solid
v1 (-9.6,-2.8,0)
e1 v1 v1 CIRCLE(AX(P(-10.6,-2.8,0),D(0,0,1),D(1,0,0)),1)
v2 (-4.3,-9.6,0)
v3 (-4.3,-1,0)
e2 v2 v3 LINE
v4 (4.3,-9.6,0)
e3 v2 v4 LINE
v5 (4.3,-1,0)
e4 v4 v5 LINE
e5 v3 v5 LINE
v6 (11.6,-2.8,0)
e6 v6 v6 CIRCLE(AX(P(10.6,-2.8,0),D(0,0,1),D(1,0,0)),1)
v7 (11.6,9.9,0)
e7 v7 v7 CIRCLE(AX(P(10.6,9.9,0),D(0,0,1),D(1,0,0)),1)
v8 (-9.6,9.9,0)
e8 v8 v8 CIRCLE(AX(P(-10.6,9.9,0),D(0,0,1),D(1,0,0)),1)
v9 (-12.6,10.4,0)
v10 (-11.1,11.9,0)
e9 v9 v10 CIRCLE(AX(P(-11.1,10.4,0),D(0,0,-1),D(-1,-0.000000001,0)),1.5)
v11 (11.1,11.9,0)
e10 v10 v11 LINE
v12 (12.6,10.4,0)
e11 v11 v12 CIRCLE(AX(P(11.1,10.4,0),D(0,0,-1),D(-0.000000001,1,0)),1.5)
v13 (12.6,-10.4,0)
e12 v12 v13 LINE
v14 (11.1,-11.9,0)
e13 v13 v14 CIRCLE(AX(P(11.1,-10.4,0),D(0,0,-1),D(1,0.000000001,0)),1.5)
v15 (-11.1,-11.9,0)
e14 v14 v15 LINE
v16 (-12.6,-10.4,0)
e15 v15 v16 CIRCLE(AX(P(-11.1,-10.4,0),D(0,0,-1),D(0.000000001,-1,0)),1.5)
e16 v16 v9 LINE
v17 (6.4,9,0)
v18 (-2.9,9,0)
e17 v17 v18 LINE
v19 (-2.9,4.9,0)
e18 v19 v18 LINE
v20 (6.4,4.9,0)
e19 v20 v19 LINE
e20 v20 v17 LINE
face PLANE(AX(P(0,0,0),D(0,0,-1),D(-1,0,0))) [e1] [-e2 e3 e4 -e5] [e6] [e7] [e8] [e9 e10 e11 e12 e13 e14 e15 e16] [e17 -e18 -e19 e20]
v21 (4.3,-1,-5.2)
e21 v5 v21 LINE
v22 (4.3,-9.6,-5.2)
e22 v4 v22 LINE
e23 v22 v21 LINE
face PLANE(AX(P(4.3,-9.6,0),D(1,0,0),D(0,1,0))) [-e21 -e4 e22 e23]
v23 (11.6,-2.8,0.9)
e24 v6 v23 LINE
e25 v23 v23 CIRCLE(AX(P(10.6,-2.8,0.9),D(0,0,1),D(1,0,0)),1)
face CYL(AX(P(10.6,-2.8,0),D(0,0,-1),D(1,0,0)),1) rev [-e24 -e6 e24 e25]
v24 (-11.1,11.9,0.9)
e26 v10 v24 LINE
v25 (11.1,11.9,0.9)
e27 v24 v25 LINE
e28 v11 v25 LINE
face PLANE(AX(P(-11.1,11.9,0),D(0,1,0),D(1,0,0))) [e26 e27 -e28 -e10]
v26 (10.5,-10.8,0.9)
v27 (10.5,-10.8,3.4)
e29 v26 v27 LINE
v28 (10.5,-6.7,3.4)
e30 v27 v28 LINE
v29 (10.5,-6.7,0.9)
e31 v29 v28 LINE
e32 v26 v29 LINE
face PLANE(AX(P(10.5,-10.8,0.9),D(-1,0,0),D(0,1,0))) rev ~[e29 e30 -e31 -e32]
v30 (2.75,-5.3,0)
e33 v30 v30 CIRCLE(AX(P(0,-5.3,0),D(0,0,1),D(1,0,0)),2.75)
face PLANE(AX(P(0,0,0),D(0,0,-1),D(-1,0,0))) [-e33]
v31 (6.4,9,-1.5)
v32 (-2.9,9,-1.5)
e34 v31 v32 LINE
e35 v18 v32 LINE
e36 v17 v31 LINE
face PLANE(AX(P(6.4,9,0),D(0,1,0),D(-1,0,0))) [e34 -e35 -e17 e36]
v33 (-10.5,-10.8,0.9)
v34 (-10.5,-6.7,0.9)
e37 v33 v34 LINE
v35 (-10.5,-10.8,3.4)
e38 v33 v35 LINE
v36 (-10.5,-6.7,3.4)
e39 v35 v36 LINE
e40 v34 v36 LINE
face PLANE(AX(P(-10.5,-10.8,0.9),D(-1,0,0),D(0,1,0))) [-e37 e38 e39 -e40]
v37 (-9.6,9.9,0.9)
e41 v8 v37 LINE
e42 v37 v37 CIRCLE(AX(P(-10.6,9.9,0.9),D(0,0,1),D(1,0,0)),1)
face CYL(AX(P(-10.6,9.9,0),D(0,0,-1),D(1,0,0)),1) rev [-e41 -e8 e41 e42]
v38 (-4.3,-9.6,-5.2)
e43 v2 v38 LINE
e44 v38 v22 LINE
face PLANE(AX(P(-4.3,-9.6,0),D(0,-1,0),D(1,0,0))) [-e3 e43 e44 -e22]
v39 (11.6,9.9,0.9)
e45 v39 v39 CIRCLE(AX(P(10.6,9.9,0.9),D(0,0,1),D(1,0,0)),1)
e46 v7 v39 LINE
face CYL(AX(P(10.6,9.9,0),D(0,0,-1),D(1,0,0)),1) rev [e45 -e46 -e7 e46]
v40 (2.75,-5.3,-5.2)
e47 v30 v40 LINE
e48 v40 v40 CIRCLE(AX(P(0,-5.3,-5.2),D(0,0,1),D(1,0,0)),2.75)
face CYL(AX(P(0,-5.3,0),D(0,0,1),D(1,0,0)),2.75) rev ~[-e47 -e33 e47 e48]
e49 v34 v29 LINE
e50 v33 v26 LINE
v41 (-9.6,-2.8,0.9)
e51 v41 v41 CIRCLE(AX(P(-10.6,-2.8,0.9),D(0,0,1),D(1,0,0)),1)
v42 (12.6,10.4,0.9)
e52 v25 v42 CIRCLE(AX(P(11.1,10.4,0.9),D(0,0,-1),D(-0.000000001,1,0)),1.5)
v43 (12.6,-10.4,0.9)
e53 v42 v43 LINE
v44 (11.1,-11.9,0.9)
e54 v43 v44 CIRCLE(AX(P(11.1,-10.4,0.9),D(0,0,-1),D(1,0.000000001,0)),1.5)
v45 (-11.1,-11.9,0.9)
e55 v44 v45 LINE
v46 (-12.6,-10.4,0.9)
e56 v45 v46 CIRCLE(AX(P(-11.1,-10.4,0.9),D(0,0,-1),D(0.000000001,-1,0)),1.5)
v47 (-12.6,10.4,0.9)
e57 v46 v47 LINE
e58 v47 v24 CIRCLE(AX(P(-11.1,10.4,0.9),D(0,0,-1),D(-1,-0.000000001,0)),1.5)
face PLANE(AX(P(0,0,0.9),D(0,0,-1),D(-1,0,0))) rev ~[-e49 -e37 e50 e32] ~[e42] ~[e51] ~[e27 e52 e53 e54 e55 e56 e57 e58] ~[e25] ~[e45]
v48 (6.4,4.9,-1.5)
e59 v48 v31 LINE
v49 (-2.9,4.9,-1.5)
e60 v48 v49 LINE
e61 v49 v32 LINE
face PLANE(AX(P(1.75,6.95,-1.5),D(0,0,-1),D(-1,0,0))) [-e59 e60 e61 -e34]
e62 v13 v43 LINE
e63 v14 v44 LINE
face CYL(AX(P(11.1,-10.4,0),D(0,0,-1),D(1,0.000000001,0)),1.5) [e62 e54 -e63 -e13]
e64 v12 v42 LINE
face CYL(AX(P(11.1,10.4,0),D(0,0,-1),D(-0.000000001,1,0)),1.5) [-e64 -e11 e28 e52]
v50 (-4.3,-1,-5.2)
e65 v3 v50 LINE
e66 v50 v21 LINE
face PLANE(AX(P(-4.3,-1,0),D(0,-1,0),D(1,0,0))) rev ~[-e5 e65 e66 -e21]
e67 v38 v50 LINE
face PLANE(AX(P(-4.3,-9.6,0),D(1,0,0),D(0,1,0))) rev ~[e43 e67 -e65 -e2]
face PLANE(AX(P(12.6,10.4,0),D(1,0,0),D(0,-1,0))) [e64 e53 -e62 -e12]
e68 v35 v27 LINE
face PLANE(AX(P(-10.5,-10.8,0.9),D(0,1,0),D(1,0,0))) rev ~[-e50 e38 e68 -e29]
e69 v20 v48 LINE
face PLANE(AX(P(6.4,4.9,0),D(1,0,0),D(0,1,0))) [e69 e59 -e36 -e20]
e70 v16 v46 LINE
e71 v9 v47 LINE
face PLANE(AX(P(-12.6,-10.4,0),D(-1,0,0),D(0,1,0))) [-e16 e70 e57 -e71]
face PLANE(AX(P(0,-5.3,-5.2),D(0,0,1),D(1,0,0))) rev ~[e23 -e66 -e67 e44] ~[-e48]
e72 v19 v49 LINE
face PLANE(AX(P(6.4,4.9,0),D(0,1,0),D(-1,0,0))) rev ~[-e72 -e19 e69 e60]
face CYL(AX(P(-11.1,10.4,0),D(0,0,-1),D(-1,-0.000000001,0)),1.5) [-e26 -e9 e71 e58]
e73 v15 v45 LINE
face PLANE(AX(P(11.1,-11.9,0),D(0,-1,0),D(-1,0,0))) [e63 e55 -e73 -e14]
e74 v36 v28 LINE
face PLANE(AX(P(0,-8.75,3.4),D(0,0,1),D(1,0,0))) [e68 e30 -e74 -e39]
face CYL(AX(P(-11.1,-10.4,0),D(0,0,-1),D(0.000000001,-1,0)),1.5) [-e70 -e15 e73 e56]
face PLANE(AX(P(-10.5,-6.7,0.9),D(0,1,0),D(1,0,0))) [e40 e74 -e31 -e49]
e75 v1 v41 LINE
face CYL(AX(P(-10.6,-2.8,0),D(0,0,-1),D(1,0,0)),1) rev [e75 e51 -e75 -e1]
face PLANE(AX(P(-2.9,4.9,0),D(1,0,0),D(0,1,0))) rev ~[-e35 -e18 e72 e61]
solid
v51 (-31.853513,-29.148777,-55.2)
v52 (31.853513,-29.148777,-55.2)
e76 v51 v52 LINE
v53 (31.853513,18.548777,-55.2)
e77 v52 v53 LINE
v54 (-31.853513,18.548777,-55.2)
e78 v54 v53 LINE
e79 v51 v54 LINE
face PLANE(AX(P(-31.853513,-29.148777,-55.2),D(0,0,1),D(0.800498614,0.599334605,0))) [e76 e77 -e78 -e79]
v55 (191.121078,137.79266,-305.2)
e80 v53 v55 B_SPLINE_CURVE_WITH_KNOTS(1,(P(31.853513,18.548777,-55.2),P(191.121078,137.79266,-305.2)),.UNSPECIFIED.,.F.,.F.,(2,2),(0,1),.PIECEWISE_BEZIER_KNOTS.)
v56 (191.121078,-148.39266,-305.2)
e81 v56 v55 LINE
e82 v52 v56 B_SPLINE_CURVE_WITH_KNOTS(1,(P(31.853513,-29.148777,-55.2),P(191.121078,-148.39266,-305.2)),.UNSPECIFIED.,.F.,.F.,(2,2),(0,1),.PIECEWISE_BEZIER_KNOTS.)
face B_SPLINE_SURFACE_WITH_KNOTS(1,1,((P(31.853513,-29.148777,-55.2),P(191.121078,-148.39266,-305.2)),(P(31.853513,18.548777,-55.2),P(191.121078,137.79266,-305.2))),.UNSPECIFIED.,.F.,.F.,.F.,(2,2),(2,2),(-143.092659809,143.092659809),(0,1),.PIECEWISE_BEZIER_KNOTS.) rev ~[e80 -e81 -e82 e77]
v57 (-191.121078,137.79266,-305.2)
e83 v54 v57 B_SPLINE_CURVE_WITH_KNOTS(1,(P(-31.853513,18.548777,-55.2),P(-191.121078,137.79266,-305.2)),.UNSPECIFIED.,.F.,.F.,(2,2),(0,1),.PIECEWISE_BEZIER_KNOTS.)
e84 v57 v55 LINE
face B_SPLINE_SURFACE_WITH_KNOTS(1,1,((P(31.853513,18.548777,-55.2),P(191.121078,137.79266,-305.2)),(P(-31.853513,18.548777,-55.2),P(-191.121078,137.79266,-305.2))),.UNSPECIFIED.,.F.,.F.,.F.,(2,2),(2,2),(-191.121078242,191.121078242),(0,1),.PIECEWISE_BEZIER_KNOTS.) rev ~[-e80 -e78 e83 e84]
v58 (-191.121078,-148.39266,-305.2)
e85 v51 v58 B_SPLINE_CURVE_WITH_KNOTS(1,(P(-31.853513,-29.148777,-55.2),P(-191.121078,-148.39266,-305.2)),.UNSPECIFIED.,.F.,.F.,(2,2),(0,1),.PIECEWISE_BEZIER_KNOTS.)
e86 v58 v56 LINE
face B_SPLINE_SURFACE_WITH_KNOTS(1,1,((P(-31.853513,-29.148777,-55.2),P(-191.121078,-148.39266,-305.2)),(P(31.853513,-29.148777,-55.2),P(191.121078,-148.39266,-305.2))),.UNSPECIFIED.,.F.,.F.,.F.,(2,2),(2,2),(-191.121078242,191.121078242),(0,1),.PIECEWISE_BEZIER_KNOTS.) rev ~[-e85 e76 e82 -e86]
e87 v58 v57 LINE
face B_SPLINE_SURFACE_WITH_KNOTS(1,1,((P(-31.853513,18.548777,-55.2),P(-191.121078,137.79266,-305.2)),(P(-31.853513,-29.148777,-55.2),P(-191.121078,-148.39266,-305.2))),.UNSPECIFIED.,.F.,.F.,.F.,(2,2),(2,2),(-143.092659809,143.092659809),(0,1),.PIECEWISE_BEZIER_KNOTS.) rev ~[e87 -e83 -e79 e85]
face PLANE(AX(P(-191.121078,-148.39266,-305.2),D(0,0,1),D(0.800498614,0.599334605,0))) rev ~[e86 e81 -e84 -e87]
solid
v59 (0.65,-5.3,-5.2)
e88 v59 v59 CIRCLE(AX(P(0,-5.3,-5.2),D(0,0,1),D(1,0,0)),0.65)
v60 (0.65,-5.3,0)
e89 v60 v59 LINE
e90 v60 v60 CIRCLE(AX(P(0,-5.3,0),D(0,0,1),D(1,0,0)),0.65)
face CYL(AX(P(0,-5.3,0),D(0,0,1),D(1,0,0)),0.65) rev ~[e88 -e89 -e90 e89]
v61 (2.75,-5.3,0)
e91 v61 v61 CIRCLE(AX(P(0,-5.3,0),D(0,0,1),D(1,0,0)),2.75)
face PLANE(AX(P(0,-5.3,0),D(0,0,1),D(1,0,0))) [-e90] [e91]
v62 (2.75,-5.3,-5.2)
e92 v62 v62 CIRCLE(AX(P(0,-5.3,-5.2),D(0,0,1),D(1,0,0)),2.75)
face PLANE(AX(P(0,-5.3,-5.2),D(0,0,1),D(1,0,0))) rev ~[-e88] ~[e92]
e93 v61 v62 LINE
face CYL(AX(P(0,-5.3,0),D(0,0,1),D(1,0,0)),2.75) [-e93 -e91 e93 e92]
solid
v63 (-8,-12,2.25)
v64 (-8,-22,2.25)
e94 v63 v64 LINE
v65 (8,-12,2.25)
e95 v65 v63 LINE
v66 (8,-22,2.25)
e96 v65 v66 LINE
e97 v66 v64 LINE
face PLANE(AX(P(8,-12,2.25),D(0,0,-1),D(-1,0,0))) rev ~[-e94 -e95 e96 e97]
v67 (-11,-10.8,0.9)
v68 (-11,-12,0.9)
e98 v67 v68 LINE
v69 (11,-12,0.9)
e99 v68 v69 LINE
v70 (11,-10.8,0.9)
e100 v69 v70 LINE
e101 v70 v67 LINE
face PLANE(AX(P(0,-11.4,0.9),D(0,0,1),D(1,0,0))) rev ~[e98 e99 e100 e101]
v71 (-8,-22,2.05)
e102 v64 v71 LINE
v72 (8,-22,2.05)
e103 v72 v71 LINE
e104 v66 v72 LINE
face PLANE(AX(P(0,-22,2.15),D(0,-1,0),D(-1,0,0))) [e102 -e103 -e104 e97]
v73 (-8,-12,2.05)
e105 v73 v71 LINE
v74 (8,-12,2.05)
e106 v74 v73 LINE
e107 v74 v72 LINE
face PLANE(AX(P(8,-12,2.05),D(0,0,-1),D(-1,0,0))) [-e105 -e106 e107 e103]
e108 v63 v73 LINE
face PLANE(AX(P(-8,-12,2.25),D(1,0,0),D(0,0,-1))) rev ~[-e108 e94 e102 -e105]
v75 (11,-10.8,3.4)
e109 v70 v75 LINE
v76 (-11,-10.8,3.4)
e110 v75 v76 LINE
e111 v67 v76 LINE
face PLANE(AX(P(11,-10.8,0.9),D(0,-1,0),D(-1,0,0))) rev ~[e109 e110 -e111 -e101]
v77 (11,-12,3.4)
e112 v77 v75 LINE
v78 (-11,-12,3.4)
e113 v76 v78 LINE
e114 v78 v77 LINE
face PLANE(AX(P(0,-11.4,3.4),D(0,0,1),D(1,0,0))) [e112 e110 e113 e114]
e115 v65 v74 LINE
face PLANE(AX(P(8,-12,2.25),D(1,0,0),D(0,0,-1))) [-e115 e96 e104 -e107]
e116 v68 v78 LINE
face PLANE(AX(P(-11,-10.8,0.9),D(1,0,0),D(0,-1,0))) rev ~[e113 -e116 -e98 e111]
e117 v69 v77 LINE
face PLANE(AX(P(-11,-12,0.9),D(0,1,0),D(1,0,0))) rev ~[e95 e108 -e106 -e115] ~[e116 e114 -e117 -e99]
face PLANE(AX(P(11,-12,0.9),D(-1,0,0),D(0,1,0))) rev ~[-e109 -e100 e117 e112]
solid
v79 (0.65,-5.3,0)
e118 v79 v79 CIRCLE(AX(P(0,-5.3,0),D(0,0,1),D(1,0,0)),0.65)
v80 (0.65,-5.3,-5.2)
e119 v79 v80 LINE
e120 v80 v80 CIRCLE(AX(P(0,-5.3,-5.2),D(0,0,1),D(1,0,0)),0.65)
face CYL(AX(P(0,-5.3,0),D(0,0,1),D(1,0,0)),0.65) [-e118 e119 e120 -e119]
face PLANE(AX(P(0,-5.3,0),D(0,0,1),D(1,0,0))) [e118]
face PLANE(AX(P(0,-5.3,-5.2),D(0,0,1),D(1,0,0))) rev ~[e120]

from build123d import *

# Parameters (mm, degrees)
SKETCH1_R           = 1
BOSS_EXTRUDE1_DEPTH = 0.9
SKETCH1_3_W         = 8.6
SKETCH1_3_H         = 8.6
SKETCH1_3_R         = 2.75
BOSS_EXTRUDE2_DEPTH = 5.2
SKETCH1_4_R         = 2.75
SKETCH1_4_R_2       = 0.65
BOSS_EXTRUDE3_DEPTH = 5.2
SKETCH1_5_R         = 0.65
BOSS_EXTRUDE4_DEPTH = 5.2
SKETCH3_W           = 21
SKETCH3_H           = 4.1
BOSS_EXTRUDE5_DEPTH = 2.5
BOSS_EXTRUDE6_DEPTH = 2.5
SKETCH4_W           = 16
SKETCH4_H           = 0.2
BOSS_EXTRUDE7_DEPTH = 10
SKETCH9_W           = 9.3
SKETCH9_H           = 4.1
BOSS_EXTRUDE8_DEPTH = 1.5


with BuildPart() as part:
    # Sketch1 → Boss-Extrude1 (new body)
    with BuildSketch(Plane.XY):
        with BuildLine():
            ThreePointArc((-12.6, -10.4), (-12.160660172, -11.460660172), (-11.1, -11.9))
            Line((-11.1, -11.9), (11.1, -11.9))
            ThreePointArc((11.1, -11.9), (12.160660172, -11.460660172), (12.6, -10.4))
            Line((12.6, -10.4), (12.6, 10.4))
            ThreePointArc((12.6, 10.4), (12.160660172, 11.460660172), (11.1, 11.9))
            Line((11.1, 11.9), (-11.1, 11.9))
            ThreePointArc((-11.1, 11.9), (-12.160660172, 11.460660172), (-12.6, 10.4))
            Line((-12.6, 10.4), (-12.6, -10.4))
        make_face()
        with Locations((-10.6, -2.8)):
            Circle(SKETCH1_R, mode=Mode.SUBTRACT)
        with Locations((10.6, -2.8)):
            Circle(SKETCH1_R, mode=Mode.SUBTRACT)
        with Locations((-10.6, 9.9)):
            Circle(SKETCH1_R, mode=Mode.SUBTRACT)
        with Locations((10.6, 9.9)):
            Circle(SKETCH1_R, mode=Mode.SUBTRACT)
    extrude(amount=BOSS_EXTRUDE1_DEPTH)

    # Sketch1<3> → Boss-Extrude2 (add)
    with BuildSketch(Plane.XY):
        with Locations((0, -5.3)):
            Rectangle(SKETCH1_3_W, SKETCH1_3_H)
        with Locations((0, -5.3)):
            Circle(SKETCH1_3_R, mode=Mode.SUBTRACT)
    extrude(amount=-BOSS_EXTRUDE2_DEPTH)

    # Sketch3 → Boss-Extrude5 (add)
    with BuildSketch(Plane.XY.offset(0.9)):
        with Locations((0, -8.75)):
            Rectangle(SKETCH3_W, SKETCH3_H)
    extrude(amount=BOSS_EXTRUDE5_DEPTH)

    # Sketch9 → Boss-Extrude8 (add)
    with BuildSketch(Plane(origin=(0, 0, 0), x_dir=(-1, 0, 0), z_dir=(0, 0, -1))):
        with Locations((-1.75, 6.95)):
            Rectangle(SKETCH9_W, SKETCH9_H)
    extrude(amount=BOSS_EXTRUDE8_DEPTH)


with BuildPart() as body_2:
    # Sketch1<4> → Boss-Extrude3 (new body)
    with BuildSketch(Plane.XY):
        with Locations((0, -5.3)):
            Circle(SKETCH1_4_R)
        with Locations((0, -5.3)):
            Circle(SKETCH1_4_R_2, mode=Mode.SUBTRACT)
    extrude(amount=-BOSS_EXTRUDE3_DEPTH)


with BuildPart() as body_3:
    # Sketch1<5> → Boss-Extrude4 (new body)
    with BuildSketch(Plane.XY):
        with Locations((0, -5.3)):
            Circle(SKETCH1_5_R)
    extrude(amount=-BOSS_EXTRUDE4_DEPTH)


with BuildPart() as body_4:
    # Sketch3<3> → Boss-Extrude6 (new body)
    with BuildSketch(Plane.XY.offset(0.9)):
        Polygon((10.5, -10.8), (-10.5, -10.8), (-11, -10.8), (-11, -12), (11, -12), (11, -10.8), align=None)
    extrude(amount=BOSS_EXTRUDE6_DEPTH)

    # Sketch4 → Boss-Extrude7 (add)
    with BuildSketch(Plane(origin=(0, -12, 0), x_dir=(-1, 0, 0), z_dir=(0, -1, 0))):
        with Locations((0, -2.15)):
            Rectangle(SKETCH4_W, SKETCH4_H)
    extrude(amount=BOSS_EXTRUDE7_DEPTH)


with BuildPart() as body_5:
    # Sketch7 → Camera FoV section 0
    with BuildSketch(Plane.XY.offset(-55.2)):
        with BuildLine():
            Line((-31.85351304, -29.148776635), (31.85351304, -29.148776635))
            Line((31.85351304, -29.148776635), (31.85351304, 18.548776635))
            Line((31.85351304, 18.548776635), (-31.85351304, 18.548776635))
            Line((-31.85351304, 18.548776635), (-31.85351304, -29.148776635))
        make_face()
    # Sketch8 → Camera FoV section 1
    with BuildSketch(Plane.XY.offset(-305.2)):
        with BuildLine():
            Line((-191.121078242, -148.392659809), (191.121078242, -148.392659809))
            Line((191.121078242, -148.392659809), (191.121078242, 137.792659809))
            Line((191.121078242, 137.792659809), (-191.121078242, 137.792659809))
            Line((-191.121078242, 137.792659809), (-191.121078242, -148.392659809))
        make_face()
    loft()


solid = Compound([part.part, body_2.part, body_3.part, body_4.part, body_5.part])
